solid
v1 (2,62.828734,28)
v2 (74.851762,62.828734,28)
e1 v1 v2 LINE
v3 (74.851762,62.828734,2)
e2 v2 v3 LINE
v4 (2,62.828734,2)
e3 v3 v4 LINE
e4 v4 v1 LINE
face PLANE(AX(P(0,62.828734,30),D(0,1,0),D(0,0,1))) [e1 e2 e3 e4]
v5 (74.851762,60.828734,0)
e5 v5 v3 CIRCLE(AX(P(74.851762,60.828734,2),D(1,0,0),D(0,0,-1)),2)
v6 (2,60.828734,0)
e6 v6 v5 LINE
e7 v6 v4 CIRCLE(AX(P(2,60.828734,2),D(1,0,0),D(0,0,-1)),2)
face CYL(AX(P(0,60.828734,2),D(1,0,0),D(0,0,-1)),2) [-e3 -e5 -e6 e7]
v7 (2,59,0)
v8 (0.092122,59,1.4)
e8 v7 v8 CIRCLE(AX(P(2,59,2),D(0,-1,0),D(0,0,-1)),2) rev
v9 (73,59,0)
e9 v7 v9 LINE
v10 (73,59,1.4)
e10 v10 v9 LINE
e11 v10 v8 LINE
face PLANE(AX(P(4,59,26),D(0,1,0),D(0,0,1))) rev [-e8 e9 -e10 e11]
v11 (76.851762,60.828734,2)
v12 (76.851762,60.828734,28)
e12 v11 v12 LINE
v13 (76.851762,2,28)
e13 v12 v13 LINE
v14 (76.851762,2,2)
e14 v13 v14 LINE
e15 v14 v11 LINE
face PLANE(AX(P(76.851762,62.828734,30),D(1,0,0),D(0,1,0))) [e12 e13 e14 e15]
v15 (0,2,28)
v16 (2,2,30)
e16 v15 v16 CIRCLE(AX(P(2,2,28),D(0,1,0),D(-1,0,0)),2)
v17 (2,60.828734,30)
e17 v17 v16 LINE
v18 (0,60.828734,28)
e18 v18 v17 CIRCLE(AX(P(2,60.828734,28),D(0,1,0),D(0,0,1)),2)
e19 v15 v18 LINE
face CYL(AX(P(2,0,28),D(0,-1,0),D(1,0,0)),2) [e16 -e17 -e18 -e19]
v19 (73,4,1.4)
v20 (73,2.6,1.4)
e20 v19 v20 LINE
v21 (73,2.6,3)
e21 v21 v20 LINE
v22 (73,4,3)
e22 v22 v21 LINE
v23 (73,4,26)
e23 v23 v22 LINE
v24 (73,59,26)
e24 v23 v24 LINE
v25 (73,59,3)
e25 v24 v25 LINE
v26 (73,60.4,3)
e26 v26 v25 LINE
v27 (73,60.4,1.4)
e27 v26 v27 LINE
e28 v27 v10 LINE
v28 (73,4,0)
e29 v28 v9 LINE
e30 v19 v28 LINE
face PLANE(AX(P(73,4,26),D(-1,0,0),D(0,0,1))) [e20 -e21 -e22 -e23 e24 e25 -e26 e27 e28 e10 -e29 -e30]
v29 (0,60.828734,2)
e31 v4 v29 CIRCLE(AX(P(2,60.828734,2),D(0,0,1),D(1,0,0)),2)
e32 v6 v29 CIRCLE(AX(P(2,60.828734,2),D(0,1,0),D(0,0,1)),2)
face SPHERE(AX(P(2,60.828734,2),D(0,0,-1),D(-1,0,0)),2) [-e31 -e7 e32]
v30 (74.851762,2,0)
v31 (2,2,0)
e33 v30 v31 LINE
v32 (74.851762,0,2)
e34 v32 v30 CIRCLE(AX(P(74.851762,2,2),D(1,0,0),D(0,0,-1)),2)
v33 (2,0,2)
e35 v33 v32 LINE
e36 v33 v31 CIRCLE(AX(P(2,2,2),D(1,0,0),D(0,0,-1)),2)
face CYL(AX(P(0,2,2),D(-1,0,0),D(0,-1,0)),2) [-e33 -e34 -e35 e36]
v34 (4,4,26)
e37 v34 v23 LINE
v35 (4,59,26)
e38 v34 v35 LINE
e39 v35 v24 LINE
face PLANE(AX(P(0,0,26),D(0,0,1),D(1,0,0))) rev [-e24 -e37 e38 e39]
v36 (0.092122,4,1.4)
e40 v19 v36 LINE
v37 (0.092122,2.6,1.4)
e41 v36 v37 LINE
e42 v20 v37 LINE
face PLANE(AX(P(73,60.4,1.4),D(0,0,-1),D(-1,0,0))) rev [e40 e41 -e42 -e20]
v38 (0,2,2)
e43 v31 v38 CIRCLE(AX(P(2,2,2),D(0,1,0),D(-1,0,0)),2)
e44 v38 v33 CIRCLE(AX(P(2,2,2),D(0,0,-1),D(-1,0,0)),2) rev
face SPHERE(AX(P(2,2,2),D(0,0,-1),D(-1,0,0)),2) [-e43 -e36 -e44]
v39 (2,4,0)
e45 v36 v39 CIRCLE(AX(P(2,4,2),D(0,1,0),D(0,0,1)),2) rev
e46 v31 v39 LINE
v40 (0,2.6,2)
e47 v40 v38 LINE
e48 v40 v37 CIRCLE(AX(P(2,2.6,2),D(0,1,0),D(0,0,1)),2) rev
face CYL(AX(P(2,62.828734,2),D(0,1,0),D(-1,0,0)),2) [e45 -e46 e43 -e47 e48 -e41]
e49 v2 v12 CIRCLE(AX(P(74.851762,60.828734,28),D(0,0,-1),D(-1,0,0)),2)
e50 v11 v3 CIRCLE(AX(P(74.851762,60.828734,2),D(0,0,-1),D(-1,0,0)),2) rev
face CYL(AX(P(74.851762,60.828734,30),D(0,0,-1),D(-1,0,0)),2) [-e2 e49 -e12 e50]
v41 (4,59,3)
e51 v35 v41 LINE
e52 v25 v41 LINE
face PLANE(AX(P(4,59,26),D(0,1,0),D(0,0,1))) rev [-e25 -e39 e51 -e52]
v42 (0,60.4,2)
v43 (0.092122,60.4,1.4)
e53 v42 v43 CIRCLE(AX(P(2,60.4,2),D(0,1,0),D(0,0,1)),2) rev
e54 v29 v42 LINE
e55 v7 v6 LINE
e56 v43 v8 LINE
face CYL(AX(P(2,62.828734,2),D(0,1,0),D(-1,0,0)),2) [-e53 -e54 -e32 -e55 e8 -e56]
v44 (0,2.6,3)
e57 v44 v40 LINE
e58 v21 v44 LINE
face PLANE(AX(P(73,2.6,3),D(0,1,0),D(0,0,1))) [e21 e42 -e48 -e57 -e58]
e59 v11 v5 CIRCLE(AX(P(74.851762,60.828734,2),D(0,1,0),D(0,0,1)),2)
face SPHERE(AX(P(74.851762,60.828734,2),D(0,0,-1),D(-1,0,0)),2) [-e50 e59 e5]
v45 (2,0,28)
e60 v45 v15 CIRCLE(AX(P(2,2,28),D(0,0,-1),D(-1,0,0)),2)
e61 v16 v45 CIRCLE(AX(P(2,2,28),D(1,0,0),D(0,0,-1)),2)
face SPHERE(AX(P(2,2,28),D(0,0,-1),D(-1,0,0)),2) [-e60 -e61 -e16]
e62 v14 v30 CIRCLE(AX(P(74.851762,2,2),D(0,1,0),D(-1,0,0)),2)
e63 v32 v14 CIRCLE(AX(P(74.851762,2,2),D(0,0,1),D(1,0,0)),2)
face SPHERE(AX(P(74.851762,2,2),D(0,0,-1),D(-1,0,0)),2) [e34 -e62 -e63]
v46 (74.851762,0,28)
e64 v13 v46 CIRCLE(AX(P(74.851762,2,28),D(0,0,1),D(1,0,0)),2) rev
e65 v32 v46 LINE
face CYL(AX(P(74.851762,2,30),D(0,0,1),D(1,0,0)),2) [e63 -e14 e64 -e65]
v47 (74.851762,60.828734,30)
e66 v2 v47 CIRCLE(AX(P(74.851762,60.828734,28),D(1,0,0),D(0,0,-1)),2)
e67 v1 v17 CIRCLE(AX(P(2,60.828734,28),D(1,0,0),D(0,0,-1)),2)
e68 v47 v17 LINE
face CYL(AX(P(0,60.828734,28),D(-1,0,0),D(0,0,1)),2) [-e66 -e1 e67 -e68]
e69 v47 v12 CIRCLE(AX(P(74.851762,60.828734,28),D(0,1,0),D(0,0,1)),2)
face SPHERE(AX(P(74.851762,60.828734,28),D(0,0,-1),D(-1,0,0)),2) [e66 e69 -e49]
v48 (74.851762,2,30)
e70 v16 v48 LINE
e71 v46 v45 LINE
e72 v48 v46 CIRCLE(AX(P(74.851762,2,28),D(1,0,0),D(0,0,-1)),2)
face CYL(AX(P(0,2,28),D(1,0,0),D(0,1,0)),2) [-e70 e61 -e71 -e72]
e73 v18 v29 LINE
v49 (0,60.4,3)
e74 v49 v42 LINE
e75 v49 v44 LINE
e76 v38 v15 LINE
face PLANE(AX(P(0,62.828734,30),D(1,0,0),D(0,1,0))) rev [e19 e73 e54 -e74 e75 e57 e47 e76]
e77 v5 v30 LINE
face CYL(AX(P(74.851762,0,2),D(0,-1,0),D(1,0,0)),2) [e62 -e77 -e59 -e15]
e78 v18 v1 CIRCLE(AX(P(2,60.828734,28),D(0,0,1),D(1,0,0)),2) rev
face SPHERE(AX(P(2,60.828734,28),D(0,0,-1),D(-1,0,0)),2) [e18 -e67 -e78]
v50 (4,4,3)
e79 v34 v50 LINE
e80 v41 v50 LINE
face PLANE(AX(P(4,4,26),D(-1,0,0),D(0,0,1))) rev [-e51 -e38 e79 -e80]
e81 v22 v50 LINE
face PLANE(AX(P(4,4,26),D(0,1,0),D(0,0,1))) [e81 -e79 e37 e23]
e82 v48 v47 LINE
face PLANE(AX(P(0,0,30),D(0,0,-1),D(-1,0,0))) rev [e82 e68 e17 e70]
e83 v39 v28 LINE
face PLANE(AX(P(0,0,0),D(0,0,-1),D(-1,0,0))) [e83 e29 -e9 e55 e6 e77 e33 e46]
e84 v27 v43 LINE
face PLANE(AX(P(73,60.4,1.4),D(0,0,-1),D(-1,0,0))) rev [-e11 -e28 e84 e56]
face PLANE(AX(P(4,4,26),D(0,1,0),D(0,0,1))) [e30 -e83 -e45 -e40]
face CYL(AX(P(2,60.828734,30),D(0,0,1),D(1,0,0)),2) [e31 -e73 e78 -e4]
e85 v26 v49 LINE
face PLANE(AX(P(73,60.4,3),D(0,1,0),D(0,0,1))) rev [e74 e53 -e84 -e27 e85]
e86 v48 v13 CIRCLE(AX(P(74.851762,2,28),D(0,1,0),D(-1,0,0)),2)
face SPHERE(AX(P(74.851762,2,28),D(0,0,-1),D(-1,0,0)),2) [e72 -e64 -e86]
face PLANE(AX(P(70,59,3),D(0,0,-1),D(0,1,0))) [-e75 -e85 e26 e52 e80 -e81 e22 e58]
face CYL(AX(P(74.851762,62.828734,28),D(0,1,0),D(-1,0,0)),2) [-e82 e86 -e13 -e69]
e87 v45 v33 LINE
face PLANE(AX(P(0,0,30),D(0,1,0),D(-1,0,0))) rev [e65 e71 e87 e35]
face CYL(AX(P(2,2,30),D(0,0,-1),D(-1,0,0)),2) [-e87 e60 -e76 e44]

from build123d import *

# Parameters (mm, degrees)
CROQUIS3_W              = 76.851762212
CROQUIS3_H              = 62.828734274
SALIENTE_EXTRUIR1_DEPTH = 30
CROQUIS4_W              = 69
CROQUIS4_H              = 55
CORTAR_EXTRUIR1_DEPTH   = 26
REDONDEO5_R             = 2
REDONDEO6_R             = 2
REDONDEO7_R             = 2
CROQUIS5_W              = 3
CROQUIS5_H              = 55
CORTAR_EXTRUIR2_DEPTH   = 70
CROQUIS6_W              = 1.6
CROQUIS6_H              = 57.8
CORTAR_EXTRUIR3_DEPTH   = 73


with BuildPart() as part:
    # Croquis3 → Saliente-Extruir1 (new body)
    with BuildSketch(Plane.XY):
        with Locations((38.425881106, 31.414367137)):
            Rectangle(CROQUIS3_W, CROQUIS3_H)
    extrude(amount=SALIENTE_EXTRUIR1_DEPTH)

    # Croquis4 → Cortar-Extruir1 (cut)
    with BuildSketch(Plane.XY):
        with Locations((38.5, 31.5)):
            Rectangle(CROQUIS4_W, CROQUIS4_H)
    extrude(amount=CORTAR_EXTRUIR1_DEPTH, mode=Mode.SUBTRACT)

    # Redondeo5
    redondeo5_edges = [part.edges().sort_by_distance(p)[0] for p in [
        (0, 0, 15),
        (0, 62.828734274, 15),
        (76.851762212, 62.828734274, 15),
        (76.851762212, 0, 15),
    ]]
    fillet(redondeo5_edges, radius=REDONDEO5_R)

    # Redondeo6
    redondeo6_edges = [part.edges().sort_by_distance(p)[0] for p in [
        (0, 31.414367137, 0),
        (38.425881106, 0, 0),
        (38.425881106, 62.828734274, 0),
        (76.851762212, 31.414367137, 0),
        (76.265975775, 62.242947836, 0),
        (76.265975775, 0.585786438, 0),
        (0.585786438, 0.585786438, 0),
        (0.585786438, 62.242947836, 0),
    ]]
    fillet(redondeo6_edges, radius=REDONDEO6_R)

    # Redondeo7
    redondeo7_edges = [part.edges().sort_by_distance(p)[0] for p in [
        (0, 31.414367137, 30),
        (38.425881106, 62.828734274, 30),
        (38.425881106, 0, 30),
        (76.851762212, 31.414367137, 30),
        (76.265975775, 62.242947836, 30),
        (76.265975775, 0.585786438, 30),
        (0.585786438, 0.585786438, 30),
        (0.585786438, 62.242947836, 30),
    ]]
    fillet(redondeo7_edges, radius=REDONDEO7_R)

    # Croquis5 → Cortar-Extruir2 (cut)
    with BuildSketch(Plane(origin=(0, 0, 0), x_dir=(0, 0, -1), z_dir=(1, 0, 0))):
        with Locations((-1.5, 31.5)):
            Rectangle(CROQUIS5_W, CROQUIS5_H)
    extrude(amount=CORTAR_EXTRUIR2_DEPTH, mode=Mode.SUBTRACT)

    # Croquis6 → Cortar-Extruir3 (cut)
    with BuildSketch(Plane(origin=(0, 0, 0), x_dir=(0, 0, -1), z_dir=(1, 0, 0))):
        with Locations((-2.2, 31.5)):
            Rectangle(CROQUIS6_W, CROQUIS6_H)
    extrude(amount=CORTAR_EXTRUIR3_DEPTH, mode=Mode.SUBTRACT)


solid = part.part
